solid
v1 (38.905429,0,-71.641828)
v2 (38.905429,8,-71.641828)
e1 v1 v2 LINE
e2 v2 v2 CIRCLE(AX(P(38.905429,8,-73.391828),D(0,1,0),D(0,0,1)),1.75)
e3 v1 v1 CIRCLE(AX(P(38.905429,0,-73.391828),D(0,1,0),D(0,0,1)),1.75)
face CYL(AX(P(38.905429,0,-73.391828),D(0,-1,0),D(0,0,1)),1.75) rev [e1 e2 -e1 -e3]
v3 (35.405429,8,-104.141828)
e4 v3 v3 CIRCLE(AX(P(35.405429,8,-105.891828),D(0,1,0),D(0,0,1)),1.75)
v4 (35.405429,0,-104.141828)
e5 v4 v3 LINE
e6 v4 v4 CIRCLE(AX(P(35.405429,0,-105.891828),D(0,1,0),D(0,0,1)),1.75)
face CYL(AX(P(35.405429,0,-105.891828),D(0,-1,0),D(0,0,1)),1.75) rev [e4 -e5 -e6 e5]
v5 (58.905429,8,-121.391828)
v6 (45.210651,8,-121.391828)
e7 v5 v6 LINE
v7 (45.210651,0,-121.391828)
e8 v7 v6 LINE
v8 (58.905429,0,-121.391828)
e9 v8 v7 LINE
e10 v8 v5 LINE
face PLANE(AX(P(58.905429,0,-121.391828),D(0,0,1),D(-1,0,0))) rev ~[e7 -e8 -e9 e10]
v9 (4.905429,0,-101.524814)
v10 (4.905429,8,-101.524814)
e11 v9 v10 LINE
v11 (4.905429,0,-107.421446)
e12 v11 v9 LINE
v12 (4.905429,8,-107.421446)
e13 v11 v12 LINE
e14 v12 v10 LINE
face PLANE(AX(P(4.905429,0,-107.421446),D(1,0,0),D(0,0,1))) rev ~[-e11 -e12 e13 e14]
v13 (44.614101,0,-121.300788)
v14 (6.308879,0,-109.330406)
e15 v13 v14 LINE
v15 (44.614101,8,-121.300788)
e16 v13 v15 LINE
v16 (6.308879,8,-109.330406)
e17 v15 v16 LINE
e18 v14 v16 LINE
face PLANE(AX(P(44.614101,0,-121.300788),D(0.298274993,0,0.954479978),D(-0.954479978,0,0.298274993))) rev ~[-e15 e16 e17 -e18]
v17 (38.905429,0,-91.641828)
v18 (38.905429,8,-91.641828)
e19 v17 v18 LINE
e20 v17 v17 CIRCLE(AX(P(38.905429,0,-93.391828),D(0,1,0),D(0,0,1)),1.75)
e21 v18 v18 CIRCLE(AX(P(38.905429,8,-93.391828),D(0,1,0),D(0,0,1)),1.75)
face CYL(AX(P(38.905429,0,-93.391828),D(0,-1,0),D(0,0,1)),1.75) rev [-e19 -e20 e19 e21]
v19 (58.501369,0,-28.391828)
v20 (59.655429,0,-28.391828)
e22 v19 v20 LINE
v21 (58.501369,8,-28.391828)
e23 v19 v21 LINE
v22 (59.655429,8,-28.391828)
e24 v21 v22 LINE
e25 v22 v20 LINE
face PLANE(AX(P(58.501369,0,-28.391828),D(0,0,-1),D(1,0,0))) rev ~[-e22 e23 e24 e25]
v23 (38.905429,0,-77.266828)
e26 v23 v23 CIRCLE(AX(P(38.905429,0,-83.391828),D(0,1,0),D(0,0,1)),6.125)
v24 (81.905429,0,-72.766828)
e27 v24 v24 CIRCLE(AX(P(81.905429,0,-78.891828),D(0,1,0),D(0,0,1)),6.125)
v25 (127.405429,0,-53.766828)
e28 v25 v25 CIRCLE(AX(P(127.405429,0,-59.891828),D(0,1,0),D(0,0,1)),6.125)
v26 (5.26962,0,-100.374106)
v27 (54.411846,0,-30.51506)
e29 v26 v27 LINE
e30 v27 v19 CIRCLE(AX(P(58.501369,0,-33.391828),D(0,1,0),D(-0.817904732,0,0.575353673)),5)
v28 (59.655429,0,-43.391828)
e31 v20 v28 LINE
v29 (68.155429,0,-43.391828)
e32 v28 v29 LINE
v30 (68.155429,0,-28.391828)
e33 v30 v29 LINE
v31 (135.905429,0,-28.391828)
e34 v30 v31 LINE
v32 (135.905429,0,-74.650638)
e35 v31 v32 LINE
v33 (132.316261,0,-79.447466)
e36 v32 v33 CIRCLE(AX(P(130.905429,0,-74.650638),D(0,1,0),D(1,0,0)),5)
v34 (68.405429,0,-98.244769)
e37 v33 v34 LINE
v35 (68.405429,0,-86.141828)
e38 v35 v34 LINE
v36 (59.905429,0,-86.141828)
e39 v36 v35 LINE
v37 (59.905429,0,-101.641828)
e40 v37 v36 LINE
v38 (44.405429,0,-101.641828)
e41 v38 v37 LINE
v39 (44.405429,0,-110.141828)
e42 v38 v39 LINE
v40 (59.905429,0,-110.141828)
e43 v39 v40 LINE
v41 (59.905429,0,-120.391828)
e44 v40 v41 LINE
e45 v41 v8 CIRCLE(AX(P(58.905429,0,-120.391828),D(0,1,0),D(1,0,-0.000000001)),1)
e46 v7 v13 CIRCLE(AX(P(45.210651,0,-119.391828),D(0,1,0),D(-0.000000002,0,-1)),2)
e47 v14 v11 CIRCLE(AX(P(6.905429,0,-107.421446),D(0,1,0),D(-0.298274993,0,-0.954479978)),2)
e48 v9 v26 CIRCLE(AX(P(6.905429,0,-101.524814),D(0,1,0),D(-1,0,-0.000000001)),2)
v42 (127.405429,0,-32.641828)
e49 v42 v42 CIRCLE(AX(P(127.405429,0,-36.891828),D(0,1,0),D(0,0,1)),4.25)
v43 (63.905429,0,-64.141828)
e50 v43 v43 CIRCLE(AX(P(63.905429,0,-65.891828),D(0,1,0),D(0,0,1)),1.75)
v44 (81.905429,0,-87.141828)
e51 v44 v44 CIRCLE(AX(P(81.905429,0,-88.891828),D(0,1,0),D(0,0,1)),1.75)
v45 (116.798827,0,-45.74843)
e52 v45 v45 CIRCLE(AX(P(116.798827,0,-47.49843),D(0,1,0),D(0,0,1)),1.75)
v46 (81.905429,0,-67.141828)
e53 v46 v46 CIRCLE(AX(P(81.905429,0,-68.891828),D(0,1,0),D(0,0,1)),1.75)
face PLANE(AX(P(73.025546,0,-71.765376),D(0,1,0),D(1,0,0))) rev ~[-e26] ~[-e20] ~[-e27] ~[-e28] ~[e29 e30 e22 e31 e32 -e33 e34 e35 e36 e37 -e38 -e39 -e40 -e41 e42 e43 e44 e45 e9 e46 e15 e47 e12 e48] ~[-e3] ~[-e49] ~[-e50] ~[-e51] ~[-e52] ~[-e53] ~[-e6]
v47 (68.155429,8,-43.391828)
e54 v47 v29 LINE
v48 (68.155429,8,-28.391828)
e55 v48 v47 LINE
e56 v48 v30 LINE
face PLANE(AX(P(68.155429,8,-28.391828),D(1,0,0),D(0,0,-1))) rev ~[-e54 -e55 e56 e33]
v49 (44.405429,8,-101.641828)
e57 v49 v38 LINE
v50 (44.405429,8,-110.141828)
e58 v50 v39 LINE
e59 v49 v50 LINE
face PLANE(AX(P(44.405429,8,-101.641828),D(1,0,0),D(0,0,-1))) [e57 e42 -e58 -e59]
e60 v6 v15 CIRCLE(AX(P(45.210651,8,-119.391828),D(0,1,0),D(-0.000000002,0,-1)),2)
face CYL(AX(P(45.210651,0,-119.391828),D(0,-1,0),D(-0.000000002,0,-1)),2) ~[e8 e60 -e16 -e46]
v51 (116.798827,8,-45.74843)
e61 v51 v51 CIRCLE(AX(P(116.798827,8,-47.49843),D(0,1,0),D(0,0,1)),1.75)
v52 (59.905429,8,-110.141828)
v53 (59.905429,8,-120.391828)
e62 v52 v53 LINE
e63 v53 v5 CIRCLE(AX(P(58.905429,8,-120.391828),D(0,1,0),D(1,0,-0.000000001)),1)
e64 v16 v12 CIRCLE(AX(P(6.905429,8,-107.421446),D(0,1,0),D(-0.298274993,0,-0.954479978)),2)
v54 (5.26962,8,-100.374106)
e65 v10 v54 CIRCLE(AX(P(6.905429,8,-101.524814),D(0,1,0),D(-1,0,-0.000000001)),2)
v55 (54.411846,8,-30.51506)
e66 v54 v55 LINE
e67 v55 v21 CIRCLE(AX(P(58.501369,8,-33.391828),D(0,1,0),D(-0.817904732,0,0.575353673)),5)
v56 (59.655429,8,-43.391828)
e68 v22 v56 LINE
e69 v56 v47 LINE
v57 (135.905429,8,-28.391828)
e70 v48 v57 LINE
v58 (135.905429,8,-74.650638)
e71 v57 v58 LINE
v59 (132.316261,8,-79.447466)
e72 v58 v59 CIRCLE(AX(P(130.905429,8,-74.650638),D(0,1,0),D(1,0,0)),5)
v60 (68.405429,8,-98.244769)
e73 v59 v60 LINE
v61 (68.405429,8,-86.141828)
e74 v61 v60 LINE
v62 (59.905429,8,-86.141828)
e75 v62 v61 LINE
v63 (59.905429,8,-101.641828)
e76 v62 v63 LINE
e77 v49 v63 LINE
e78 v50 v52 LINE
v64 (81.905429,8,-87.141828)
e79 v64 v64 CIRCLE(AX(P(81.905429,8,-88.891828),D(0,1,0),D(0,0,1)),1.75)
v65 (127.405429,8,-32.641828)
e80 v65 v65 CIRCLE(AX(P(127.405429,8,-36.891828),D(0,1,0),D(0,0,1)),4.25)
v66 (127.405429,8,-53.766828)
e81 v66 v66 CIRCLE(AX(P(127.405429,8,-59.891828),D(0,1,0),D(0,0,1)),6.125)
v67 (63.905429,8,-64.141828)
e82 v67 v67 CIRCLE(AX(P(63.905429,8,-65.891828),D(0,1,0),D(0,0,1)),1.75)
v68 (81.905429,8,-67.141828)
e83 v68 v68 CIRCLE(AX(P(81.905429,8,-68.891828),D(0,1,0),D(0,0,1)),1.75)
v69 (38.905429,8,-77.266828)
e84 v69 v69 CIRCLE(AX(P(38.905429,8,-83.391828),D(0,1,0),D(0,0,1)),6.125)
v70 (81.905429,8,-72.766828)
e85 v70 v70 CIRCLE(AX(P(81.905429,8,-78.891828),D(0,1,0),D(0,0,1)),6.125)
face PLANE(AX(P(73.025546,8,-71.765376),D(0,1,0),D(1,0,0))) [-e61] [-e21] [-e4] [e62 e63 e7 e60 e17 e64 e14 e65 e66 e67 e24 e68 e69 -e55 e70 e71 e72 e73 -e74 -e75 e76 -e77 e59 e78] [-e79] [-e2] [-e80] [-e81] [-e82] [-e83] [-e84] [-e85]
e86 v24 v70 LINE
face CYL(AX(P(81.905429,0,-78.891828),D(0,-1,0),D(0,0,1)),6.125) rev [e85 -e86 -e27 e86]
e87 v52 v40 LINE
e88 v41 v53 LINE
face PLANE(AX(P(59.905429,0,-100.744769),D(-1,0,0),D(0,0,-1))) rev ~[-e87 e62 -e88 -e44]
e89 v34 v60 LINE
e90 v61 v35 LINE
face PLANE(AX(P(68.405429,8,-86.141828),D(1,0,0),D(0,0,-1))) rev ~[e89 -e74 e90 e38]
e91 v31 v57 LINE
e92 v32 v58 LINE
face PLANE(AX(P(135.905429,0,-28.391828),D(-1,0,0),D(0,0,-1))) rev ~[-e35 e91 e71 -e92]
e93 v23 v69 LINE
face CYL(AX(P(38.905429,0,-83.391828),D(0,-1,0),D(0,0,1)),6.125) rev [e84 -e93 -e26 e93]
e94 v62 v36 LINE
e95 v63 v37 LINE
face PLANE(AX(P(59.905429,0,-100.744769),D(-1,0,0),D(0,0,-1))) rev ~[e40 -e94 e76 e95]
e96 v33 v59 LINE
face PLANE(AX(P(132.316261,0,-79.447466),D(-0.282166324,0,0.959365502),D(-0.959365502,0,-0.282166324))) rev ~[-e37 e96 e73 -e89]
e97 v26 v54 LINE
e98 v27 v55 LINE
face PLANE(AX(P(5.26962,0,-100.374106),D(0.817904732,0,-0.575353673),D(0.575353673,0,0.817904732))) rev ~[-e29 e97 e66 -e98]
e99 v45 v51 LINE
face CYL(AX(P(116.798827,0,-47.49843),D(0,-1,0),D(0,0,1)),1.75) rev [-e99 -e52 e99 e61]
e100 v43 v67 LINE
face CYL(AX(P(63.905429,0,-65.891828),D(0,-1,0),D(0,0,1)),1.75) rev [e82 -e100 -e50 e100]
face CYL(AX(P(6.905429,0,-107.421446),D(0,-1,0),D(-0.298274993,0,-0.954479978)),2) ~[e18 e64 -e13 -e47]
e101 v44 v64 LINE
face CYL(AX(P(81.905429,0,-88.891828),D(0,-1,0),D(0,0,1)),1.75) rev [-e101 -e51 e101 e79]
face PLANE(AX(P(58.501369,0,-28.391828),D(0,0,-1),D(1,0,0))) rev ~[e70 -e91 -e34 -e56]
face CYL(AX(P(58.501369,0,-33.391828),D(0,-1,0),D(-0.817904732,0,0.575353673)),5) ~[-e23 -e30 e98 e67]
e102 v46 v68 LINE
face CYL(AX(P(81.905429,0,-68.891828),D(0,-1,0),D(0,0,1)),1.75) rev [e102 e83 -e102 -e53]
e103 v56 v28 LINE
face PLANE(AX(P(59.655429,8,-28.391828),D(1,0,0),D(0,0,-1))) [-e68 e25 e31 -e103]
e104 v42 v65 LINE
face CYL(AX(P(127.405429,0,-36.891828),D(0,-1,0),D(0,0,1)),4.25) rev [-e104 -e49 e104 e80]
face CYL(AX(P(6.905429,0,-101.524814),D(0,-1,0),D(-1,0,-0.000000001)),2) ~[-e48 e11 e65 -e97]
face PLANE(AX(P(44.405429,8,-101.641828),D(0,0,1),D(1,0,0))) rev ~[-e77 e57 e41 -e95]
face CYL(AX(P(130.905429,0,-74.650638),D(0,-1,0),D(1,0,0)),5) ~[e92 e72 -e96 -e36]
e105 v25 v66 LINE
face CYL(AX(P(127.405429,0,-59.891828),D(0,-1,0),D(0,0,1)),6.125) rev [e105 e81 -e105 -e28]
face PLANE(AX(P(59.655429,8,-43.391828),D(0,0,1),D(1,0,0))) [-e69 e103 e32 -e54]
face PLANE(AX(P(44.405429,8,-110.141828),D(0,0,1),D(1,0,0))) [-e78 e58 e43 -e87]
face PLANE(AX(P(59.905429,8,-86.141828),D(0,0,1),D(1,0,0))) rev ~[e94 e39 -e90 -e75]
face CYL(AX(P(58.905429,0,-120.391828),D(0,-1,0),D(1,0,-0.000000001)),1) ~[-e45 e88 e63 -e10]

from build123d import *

# Parameters (mm, degrees)
SKETCH1_R      = 6.125
SKETCH1_R_2    = 4.25
SKETCH1_R_3    = 1.75
EXTRUDE1_DEPTH = 8
SKETCH3_W      = 8.5
SKETCH3_H      = 15
SKETCH3_W_2    = 15.5
SKETCH3_H_2    = 8.5
SKETCH3_H_3    = 15.5
EXTRUDE2_DEPTH = 10


with BuildPart() as part:
    # Sketch1 → Extrude1 (new body)
    with BuildSketch(Plane(origin=(0, 0, 0), x_dir=(1, 0, 0), z_dir=(0, 1, 0))):
        with BuildLine():
            Line((135.905429433, 28.391828159), (135.905429433, 74.65063841))
            ThreePointArc((135.905429433, 74.65063841), (134.908812883, 77.646121835), (132.316261053, 79.447465917))
            Line((132.316261053, 79.447465917), (67.905429433, 98.391828159))
            Line((67.905429433, 98.391828159), (59.905429433, 100.744769335))
            Line((59.905429433, 100.744769335), (59.905429433, 109.891828159))
            Line((59.905429433, 109.891828159), (59.905429433, 120.391828159))
            ThreePointArc((59.905429433, 120.391828159), (59.612536214, 121.09893494), (58.905429433, 121.391828159))
            Line((58.905429433, 121.391828159), (45.210651279, 121.391828159))
            ThreePointArc((45.210651279, 121.391828159), (44.908922851, 121.368937148), (44.614101292, 121.300788115))
            Line((44.614101292, 121.300788115), (6.308879447, 109.330406288))
            ThreePointArc((6.308879447, 109.330406288), (5.294048042, 108.606119288), (4.905429433, 107.421446332))
            Line((4.905429433, 107.421446332), (4.905429433, 101.524813665))
            ThreePointArc((4.905429433, 101.524813665), (4.998649565, 100.921331655), (5.269619969, 100.374106318))
            Line((5.269619969, 100.374106318), (54.411845802, 30.515059791))
            ThreePointArc((54.411845802, 30.515059791), (56.197442578, 28.954270168), (58.501369461, 28.391828159))
            Line((58.501369461, 28.391828159), (59.905429433, 28.391828159))
            Line((59.905429433, 28.391828159), (67.905429433, 28.391828159))
            Line((67.905429433, 28.391828159), (135.905429433, 28.391828159))
        make_face()
        with Locations(Location((127.405429433, 59.891828159, 0), (0, 0, 270))):
            Circle(SKETCH1_R, mode=Mode.SUBTRACT)
        with Locations(Location((127.405429433, 36.891828159, 0), (0, 0, 270))):
            Circle(SKETCH1_R_2, mode=Mode.SUBTRACT)
        with Locations(Location((116.798827433, 47.498429876, 0), (0, 0, 270))):
            Circle(SKETCH1_R_3, mode=Mode.SUBTRACT)
        with Locations(Location((81.905429433, 78.891828159, 0), (0, 0, 270))):
            Circle(SKETCH1_R, mode=Mode.SUBTRACT)
        with Locations(Location((81.905429433, 88.891828159, 0), (0, 0, 270))):
            Circle(SKETCH1_R_3, mode=Mode.SUBTRACT)
        with Locations(Location((81.905429433, 68.891828159, 0), (0, 0, 270))):
            Circle(SKETCH1_R_3, mode=Mode.SUBTRACT)
        with Locations(Location((38.905429433, 83.391828159, 0), (0, 0, 270))):
            Circle(SKETCH1_R, mode=Mode.SUBTRACT)
        with Locations(Location((38.905429433, 93.391828159, 0), (0, 0, 270))):
            Circle(SKETCH1_R_3, mode=Mode.SUBTRACT)
        with Locations(Location((38.905429433, 73.391828159, 0), (0, 0, 270))):
            Circle(SKETCH1_R_3, mode=Mode.SUBTRACT)
        with Locations(Location((35.405429433, 105.891828159, 0), (0, 0, 270))):
            Circle(SKETCH1_R_3, mode=Mode.SUBTRACT)
        with Locations(Location((63.905429433, 65.891828159, 0), (0, 0, 270))):
            Circle(SKETCH1_R_3, mode=Mode.SUBTRACT)
    extrude(amount=EXTRUDE1_DEPTH)

    # Sketch3 → Extrude2 (cut)
    with BuildSketch(Plane(origin=(0, 8, 0), x_dir=(1, 0, 0), z_dir=(0, 1, 0))):
        with Locations((63.905429433, 35.891828159)):
            Rectangle(SKETCH3_W, SKETCH3_H)
        with Locations((52.155429433, 105.891828159)):
            Rectangle(SKETCH3_W_2, SKETCH3_H_2)
        with Locations((64.155429433, 93.891828159)):
            Rectangle(SKETCH3_W, SKETCH3_H_3)
    extrude(amount=-EXTRUDE2_DEPTH, mode=Mode.SUBTRACT)


solid = part.part
